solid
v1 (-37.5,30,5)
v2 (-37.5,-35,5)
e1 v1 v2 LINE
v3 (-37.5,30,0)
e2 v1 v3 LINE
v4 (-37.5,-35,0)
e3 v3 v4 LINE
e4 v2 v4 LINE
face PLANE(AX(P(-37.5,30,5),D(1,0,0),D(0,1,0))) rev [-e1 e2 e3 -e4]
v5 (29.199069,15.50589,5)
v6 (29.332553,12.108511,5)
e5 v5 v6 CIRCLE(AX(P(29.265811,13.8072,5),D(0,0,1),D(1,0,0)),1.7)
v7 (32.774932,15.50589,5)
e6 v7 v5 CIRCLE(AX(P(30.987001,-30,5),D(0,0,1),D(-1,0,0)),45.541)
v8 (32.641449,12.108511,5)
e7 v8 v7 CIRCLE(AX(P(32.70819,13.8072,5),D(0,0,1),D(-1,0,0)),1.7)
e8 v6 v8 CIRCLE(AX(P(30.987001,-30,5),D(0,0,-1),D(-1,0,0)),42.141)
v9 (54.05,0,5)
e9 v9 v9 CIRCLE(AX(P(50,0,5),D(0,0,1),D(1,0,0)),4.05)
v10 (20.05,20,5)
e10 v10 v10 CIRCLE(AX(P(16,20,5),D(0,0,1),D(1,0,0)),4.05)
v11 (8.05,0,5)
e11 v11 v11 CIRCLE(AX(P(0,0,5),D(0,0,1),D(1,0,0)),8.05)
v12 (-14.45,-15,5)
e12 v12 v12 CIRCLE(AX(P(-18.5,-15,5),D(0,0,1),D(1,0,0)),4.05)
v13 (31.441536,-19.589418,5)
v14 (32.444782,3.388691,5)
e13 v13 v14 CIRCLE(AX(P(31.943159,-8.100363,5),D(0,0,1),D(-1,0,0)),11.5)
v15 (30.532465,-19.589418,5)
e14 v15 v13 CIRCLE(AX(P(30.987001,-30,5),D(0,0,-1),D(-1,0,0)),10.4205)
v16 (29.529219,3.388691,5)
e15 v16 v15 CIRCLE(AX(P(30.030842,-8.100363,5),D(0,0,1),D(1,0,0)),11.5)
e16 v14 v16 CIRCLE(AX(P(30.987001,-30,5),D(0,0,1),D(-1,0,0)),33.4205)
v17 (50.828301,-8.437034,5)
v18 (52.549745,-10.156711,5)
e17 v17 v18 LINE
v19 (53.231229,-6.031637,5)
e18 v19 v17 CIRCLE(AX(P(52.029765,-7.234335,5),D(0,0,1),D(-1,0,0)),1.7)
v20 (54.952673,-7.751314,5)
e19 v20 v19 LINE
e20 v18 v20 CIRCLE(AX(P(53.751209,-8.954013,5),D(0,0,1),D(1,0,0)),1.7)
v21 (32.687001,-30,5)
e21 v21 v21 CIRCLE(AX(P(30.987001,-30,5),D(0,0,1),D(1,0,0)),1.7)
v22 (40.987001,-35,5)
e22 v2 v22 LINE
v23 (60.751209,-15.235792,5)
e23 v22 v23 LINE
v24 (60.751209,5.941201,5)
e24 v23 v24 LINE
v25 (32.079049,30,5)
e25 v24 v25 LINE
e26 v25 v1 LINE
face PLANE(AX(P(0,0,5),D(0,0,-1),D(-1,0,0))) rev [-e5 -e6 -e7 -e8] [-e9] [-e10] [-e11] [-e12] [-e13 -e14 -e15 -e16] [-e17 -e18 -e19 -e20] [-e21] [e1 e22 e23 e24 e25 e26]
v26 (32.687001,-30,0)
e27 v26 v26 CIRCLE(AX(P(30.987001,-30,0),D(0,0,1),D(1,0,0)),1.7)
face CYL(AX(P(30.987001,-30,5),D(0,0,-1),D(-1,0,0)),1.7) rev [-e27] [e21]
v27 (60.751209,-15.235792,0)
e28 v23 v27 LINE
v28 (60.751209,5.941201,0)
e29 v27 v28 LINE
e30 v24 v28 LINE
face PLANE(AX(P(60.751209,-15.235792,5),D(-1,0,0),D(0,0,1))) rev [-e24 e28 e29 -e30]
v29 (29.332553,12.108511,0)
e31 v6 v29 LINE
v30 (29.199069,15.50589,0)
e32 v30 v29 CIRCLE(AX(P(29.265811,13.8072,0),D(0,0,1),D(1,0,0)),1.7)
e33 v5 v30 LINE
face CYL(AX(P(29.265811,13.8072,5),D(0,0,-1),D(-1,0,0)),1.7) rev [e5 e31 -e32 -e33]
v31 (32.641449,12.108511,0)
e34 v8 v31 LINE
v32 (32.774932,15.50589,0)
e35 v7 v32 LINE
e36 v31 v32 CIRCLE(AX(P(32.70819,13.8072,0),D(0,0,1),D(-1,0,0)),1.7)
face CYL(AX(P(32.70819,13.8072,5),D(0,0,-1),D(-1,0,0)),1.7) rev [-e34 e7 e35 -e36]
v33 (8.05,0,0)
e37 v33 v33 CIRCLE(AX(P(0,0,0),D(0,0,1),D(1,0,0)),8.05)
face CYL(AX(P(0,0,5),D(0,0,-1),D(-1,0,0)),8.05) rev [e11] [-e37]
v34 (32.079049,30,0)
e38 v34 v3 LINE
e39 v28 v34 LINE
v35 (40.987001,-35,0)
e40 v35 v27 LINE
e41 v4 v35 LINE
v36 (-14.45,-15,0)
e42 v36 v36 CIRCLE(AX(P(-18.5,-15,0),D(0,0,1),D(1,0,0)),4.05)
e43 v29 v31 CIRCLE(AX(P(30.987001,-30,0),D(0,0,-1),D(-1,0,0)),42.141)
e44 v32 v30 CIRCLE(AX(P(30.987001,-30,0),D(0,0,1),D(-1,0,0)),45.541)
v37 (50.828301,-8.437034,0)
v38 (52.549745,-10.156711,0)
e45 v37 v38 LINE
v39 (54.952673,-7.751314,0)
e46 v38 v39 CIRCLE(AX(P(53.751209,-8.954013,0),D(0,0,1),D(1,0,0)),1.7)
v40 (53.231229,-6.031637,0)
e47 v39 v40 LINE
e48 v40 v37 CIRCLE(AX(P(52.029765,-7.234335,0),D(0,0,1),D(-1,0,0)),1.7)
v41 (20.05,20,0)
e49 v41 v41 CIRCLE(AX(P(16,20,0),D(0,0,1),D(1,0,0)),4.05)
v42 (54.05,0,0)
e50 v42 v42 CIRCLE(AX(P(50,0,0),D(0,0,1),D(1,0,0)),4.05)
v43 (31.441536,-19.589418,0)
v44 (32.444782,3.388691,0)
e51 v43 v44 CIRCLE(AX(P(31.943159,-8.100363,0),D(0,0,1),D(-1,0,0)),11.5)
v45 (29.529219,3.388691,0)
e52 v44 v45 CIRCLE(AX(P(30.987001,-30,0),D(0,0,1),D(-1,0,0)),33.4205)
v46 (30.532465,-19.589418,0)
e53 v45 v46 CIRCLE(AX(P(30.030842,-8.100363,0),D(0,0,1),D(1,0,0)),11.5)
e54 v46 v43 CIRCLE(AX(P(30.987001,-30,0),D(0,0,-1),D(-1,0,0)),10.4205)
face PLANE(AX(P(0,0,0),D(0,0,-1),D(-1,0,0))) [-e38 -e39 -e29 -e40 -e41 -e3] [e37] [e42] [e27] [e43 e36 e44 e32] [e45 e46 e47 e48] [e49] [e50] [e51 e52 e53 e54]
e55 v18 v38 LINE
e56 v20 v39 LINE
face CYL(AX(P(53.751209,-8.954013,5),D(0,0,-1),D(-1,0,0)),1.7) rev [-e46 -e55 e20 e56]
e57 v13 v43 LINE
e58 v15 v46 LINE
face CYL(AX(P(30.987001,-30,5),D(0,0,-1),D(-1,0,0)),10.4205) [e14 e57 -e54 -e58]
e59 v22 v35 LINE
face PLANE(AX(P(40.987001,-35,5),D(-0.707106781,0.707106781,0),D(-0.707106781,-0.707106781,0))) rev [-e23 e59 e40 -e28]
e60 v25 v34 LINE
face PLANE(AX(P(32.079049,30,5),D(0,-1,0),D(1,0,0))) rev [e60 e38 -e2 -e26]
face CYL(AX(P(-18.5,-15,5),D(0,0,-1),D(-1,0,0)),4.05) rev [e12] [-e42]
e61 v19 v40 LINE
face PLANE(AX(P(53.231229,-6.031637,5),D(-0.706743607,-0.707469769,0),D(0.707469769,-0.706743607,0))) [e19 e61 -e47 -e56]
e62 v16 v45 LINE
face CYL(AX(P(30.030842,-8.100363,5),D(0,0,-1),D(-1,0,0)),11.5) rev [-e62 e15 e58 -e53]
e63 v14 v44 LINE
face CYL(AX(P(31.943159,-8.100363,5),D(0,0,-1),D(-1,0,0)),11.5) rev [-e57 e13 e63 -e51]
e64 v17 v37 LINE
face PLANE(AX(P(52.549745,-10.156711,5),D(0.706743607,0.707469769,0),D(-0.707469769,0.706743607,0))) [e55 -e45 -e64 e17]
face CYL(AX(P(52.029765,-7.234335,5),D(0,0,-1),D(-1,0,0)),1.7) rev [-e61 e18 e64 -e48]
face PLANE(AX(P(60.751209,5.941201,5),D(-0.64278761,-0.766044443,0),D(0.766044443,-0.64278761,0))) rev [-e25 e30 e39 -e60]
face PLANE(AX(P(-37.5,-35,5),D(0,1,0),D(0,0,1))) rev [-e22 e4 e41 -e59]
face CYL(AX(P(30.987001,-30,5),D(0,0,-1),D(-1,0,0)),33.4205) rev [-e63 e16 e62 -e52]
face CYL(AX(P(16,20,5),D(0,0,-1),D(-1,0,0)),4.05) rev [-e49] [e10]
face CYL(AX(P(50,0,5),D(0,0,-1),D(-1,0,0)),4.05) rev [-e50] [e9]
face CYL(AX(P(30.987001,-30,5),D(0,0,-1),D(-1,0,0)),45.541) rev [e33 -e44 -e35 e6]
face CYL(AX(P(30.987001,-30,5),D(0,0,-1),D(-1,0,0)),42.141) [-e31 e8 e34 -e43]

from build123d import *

# Parameters (mm, degrees)
SKETCH1_R           = 4.05
SKETCH1_R_2         = 1.7
SKETCH1_R_3         = 8.05
BOSS_EXTRUDE1_DEPTH = 5


with BuildPart() as part:
    # Sketch1 → Boss-Extrude1 (new body)
    with BuildSketch(Plane.XY):
        Polygon((32.079048784, 30), (-37.5, 30), (-37.5, -35), (40.987000641, -35), (60.75120914, -15.235791501), (60.75120914, 5.94120082), align=None)
        with Locations((16, 20)):
            Circle(SKETCH1_R, mode=Mode.SUBTRACT)
        with Locations((50, 0)):
            Circle(SKETCH1_R, mode=Mode.SUBTRACT)
        with Locations((-18.5, -15)):
            Circle(SKETCH1_R, mode=Mode.SUBTRACT)
        with Locations((30.987000641, -30)):
            Circle(SKETCH1_R_2, mode=Mode.SUBTRACT)
        Circle(SKETCH1_R_3, mode=Mode.SUBTRACT)
        with BuildLine():
            Line((53.231228952, -6.031636678), (54.952673272, -7.751314072))
            ThreePointArc((54.952673272, -7.751314072), (54.953907747, -10.155476811), (52.549745008, -10.156711286))
            Line((52.549745008, -10.156711286), (50.828300688, -8.437033892))
            ThreePointArc((50.828300688, -8.437033892), (50.827066213, -6.032871153), (53.231228952, -6.031636678))
        make_face(mode=Mode.SUBTRACT)
        with BuildLine():
            ThreePointArc((29.199069372, 15.505889539), (30.987000641, 15.541), (32.774931911, 15.505889539))
            ThreePointArc((32.774931911, 15.505889539), (34.406879586, 13.740458491), (32.641448537, 12.108510816))
            ThreePointArc((32.641448537, 12.108510816), (30.987000641, 12.141), (29.332552745, 12.108510816))
            ThreePointArc((29.332552745, 12.108510816), (27.567121697, 13.740458491), (29.199069372, 15.505889539))
        make_face(mode=Mode.SUBTRACT)
        with BuildLine():
            ThreePointArc((29.529218906, 3.388691089), (30.987000641, 3.4205), (32.444782377, 3.388691089))
            ThreePointArc((32.444782377, 3.388691089), (43.43221397, -8.601986414), (31.441536467, -19.589418007))
            ThreePointArc((31.441536467, -19.589418007), (30.987000641, -19.5795), (30.532464815, -19.589418007))
            ThreePointArc((30.532464815, -19.589418007), (18.541787312, -8.601986414), (29.529218906, 3.388691089))
        make_face(mode=Mode.SUBTRACT)
    extrude(amount=BOSS_EXTRUDE1_DEPTH)


solid = part.part
